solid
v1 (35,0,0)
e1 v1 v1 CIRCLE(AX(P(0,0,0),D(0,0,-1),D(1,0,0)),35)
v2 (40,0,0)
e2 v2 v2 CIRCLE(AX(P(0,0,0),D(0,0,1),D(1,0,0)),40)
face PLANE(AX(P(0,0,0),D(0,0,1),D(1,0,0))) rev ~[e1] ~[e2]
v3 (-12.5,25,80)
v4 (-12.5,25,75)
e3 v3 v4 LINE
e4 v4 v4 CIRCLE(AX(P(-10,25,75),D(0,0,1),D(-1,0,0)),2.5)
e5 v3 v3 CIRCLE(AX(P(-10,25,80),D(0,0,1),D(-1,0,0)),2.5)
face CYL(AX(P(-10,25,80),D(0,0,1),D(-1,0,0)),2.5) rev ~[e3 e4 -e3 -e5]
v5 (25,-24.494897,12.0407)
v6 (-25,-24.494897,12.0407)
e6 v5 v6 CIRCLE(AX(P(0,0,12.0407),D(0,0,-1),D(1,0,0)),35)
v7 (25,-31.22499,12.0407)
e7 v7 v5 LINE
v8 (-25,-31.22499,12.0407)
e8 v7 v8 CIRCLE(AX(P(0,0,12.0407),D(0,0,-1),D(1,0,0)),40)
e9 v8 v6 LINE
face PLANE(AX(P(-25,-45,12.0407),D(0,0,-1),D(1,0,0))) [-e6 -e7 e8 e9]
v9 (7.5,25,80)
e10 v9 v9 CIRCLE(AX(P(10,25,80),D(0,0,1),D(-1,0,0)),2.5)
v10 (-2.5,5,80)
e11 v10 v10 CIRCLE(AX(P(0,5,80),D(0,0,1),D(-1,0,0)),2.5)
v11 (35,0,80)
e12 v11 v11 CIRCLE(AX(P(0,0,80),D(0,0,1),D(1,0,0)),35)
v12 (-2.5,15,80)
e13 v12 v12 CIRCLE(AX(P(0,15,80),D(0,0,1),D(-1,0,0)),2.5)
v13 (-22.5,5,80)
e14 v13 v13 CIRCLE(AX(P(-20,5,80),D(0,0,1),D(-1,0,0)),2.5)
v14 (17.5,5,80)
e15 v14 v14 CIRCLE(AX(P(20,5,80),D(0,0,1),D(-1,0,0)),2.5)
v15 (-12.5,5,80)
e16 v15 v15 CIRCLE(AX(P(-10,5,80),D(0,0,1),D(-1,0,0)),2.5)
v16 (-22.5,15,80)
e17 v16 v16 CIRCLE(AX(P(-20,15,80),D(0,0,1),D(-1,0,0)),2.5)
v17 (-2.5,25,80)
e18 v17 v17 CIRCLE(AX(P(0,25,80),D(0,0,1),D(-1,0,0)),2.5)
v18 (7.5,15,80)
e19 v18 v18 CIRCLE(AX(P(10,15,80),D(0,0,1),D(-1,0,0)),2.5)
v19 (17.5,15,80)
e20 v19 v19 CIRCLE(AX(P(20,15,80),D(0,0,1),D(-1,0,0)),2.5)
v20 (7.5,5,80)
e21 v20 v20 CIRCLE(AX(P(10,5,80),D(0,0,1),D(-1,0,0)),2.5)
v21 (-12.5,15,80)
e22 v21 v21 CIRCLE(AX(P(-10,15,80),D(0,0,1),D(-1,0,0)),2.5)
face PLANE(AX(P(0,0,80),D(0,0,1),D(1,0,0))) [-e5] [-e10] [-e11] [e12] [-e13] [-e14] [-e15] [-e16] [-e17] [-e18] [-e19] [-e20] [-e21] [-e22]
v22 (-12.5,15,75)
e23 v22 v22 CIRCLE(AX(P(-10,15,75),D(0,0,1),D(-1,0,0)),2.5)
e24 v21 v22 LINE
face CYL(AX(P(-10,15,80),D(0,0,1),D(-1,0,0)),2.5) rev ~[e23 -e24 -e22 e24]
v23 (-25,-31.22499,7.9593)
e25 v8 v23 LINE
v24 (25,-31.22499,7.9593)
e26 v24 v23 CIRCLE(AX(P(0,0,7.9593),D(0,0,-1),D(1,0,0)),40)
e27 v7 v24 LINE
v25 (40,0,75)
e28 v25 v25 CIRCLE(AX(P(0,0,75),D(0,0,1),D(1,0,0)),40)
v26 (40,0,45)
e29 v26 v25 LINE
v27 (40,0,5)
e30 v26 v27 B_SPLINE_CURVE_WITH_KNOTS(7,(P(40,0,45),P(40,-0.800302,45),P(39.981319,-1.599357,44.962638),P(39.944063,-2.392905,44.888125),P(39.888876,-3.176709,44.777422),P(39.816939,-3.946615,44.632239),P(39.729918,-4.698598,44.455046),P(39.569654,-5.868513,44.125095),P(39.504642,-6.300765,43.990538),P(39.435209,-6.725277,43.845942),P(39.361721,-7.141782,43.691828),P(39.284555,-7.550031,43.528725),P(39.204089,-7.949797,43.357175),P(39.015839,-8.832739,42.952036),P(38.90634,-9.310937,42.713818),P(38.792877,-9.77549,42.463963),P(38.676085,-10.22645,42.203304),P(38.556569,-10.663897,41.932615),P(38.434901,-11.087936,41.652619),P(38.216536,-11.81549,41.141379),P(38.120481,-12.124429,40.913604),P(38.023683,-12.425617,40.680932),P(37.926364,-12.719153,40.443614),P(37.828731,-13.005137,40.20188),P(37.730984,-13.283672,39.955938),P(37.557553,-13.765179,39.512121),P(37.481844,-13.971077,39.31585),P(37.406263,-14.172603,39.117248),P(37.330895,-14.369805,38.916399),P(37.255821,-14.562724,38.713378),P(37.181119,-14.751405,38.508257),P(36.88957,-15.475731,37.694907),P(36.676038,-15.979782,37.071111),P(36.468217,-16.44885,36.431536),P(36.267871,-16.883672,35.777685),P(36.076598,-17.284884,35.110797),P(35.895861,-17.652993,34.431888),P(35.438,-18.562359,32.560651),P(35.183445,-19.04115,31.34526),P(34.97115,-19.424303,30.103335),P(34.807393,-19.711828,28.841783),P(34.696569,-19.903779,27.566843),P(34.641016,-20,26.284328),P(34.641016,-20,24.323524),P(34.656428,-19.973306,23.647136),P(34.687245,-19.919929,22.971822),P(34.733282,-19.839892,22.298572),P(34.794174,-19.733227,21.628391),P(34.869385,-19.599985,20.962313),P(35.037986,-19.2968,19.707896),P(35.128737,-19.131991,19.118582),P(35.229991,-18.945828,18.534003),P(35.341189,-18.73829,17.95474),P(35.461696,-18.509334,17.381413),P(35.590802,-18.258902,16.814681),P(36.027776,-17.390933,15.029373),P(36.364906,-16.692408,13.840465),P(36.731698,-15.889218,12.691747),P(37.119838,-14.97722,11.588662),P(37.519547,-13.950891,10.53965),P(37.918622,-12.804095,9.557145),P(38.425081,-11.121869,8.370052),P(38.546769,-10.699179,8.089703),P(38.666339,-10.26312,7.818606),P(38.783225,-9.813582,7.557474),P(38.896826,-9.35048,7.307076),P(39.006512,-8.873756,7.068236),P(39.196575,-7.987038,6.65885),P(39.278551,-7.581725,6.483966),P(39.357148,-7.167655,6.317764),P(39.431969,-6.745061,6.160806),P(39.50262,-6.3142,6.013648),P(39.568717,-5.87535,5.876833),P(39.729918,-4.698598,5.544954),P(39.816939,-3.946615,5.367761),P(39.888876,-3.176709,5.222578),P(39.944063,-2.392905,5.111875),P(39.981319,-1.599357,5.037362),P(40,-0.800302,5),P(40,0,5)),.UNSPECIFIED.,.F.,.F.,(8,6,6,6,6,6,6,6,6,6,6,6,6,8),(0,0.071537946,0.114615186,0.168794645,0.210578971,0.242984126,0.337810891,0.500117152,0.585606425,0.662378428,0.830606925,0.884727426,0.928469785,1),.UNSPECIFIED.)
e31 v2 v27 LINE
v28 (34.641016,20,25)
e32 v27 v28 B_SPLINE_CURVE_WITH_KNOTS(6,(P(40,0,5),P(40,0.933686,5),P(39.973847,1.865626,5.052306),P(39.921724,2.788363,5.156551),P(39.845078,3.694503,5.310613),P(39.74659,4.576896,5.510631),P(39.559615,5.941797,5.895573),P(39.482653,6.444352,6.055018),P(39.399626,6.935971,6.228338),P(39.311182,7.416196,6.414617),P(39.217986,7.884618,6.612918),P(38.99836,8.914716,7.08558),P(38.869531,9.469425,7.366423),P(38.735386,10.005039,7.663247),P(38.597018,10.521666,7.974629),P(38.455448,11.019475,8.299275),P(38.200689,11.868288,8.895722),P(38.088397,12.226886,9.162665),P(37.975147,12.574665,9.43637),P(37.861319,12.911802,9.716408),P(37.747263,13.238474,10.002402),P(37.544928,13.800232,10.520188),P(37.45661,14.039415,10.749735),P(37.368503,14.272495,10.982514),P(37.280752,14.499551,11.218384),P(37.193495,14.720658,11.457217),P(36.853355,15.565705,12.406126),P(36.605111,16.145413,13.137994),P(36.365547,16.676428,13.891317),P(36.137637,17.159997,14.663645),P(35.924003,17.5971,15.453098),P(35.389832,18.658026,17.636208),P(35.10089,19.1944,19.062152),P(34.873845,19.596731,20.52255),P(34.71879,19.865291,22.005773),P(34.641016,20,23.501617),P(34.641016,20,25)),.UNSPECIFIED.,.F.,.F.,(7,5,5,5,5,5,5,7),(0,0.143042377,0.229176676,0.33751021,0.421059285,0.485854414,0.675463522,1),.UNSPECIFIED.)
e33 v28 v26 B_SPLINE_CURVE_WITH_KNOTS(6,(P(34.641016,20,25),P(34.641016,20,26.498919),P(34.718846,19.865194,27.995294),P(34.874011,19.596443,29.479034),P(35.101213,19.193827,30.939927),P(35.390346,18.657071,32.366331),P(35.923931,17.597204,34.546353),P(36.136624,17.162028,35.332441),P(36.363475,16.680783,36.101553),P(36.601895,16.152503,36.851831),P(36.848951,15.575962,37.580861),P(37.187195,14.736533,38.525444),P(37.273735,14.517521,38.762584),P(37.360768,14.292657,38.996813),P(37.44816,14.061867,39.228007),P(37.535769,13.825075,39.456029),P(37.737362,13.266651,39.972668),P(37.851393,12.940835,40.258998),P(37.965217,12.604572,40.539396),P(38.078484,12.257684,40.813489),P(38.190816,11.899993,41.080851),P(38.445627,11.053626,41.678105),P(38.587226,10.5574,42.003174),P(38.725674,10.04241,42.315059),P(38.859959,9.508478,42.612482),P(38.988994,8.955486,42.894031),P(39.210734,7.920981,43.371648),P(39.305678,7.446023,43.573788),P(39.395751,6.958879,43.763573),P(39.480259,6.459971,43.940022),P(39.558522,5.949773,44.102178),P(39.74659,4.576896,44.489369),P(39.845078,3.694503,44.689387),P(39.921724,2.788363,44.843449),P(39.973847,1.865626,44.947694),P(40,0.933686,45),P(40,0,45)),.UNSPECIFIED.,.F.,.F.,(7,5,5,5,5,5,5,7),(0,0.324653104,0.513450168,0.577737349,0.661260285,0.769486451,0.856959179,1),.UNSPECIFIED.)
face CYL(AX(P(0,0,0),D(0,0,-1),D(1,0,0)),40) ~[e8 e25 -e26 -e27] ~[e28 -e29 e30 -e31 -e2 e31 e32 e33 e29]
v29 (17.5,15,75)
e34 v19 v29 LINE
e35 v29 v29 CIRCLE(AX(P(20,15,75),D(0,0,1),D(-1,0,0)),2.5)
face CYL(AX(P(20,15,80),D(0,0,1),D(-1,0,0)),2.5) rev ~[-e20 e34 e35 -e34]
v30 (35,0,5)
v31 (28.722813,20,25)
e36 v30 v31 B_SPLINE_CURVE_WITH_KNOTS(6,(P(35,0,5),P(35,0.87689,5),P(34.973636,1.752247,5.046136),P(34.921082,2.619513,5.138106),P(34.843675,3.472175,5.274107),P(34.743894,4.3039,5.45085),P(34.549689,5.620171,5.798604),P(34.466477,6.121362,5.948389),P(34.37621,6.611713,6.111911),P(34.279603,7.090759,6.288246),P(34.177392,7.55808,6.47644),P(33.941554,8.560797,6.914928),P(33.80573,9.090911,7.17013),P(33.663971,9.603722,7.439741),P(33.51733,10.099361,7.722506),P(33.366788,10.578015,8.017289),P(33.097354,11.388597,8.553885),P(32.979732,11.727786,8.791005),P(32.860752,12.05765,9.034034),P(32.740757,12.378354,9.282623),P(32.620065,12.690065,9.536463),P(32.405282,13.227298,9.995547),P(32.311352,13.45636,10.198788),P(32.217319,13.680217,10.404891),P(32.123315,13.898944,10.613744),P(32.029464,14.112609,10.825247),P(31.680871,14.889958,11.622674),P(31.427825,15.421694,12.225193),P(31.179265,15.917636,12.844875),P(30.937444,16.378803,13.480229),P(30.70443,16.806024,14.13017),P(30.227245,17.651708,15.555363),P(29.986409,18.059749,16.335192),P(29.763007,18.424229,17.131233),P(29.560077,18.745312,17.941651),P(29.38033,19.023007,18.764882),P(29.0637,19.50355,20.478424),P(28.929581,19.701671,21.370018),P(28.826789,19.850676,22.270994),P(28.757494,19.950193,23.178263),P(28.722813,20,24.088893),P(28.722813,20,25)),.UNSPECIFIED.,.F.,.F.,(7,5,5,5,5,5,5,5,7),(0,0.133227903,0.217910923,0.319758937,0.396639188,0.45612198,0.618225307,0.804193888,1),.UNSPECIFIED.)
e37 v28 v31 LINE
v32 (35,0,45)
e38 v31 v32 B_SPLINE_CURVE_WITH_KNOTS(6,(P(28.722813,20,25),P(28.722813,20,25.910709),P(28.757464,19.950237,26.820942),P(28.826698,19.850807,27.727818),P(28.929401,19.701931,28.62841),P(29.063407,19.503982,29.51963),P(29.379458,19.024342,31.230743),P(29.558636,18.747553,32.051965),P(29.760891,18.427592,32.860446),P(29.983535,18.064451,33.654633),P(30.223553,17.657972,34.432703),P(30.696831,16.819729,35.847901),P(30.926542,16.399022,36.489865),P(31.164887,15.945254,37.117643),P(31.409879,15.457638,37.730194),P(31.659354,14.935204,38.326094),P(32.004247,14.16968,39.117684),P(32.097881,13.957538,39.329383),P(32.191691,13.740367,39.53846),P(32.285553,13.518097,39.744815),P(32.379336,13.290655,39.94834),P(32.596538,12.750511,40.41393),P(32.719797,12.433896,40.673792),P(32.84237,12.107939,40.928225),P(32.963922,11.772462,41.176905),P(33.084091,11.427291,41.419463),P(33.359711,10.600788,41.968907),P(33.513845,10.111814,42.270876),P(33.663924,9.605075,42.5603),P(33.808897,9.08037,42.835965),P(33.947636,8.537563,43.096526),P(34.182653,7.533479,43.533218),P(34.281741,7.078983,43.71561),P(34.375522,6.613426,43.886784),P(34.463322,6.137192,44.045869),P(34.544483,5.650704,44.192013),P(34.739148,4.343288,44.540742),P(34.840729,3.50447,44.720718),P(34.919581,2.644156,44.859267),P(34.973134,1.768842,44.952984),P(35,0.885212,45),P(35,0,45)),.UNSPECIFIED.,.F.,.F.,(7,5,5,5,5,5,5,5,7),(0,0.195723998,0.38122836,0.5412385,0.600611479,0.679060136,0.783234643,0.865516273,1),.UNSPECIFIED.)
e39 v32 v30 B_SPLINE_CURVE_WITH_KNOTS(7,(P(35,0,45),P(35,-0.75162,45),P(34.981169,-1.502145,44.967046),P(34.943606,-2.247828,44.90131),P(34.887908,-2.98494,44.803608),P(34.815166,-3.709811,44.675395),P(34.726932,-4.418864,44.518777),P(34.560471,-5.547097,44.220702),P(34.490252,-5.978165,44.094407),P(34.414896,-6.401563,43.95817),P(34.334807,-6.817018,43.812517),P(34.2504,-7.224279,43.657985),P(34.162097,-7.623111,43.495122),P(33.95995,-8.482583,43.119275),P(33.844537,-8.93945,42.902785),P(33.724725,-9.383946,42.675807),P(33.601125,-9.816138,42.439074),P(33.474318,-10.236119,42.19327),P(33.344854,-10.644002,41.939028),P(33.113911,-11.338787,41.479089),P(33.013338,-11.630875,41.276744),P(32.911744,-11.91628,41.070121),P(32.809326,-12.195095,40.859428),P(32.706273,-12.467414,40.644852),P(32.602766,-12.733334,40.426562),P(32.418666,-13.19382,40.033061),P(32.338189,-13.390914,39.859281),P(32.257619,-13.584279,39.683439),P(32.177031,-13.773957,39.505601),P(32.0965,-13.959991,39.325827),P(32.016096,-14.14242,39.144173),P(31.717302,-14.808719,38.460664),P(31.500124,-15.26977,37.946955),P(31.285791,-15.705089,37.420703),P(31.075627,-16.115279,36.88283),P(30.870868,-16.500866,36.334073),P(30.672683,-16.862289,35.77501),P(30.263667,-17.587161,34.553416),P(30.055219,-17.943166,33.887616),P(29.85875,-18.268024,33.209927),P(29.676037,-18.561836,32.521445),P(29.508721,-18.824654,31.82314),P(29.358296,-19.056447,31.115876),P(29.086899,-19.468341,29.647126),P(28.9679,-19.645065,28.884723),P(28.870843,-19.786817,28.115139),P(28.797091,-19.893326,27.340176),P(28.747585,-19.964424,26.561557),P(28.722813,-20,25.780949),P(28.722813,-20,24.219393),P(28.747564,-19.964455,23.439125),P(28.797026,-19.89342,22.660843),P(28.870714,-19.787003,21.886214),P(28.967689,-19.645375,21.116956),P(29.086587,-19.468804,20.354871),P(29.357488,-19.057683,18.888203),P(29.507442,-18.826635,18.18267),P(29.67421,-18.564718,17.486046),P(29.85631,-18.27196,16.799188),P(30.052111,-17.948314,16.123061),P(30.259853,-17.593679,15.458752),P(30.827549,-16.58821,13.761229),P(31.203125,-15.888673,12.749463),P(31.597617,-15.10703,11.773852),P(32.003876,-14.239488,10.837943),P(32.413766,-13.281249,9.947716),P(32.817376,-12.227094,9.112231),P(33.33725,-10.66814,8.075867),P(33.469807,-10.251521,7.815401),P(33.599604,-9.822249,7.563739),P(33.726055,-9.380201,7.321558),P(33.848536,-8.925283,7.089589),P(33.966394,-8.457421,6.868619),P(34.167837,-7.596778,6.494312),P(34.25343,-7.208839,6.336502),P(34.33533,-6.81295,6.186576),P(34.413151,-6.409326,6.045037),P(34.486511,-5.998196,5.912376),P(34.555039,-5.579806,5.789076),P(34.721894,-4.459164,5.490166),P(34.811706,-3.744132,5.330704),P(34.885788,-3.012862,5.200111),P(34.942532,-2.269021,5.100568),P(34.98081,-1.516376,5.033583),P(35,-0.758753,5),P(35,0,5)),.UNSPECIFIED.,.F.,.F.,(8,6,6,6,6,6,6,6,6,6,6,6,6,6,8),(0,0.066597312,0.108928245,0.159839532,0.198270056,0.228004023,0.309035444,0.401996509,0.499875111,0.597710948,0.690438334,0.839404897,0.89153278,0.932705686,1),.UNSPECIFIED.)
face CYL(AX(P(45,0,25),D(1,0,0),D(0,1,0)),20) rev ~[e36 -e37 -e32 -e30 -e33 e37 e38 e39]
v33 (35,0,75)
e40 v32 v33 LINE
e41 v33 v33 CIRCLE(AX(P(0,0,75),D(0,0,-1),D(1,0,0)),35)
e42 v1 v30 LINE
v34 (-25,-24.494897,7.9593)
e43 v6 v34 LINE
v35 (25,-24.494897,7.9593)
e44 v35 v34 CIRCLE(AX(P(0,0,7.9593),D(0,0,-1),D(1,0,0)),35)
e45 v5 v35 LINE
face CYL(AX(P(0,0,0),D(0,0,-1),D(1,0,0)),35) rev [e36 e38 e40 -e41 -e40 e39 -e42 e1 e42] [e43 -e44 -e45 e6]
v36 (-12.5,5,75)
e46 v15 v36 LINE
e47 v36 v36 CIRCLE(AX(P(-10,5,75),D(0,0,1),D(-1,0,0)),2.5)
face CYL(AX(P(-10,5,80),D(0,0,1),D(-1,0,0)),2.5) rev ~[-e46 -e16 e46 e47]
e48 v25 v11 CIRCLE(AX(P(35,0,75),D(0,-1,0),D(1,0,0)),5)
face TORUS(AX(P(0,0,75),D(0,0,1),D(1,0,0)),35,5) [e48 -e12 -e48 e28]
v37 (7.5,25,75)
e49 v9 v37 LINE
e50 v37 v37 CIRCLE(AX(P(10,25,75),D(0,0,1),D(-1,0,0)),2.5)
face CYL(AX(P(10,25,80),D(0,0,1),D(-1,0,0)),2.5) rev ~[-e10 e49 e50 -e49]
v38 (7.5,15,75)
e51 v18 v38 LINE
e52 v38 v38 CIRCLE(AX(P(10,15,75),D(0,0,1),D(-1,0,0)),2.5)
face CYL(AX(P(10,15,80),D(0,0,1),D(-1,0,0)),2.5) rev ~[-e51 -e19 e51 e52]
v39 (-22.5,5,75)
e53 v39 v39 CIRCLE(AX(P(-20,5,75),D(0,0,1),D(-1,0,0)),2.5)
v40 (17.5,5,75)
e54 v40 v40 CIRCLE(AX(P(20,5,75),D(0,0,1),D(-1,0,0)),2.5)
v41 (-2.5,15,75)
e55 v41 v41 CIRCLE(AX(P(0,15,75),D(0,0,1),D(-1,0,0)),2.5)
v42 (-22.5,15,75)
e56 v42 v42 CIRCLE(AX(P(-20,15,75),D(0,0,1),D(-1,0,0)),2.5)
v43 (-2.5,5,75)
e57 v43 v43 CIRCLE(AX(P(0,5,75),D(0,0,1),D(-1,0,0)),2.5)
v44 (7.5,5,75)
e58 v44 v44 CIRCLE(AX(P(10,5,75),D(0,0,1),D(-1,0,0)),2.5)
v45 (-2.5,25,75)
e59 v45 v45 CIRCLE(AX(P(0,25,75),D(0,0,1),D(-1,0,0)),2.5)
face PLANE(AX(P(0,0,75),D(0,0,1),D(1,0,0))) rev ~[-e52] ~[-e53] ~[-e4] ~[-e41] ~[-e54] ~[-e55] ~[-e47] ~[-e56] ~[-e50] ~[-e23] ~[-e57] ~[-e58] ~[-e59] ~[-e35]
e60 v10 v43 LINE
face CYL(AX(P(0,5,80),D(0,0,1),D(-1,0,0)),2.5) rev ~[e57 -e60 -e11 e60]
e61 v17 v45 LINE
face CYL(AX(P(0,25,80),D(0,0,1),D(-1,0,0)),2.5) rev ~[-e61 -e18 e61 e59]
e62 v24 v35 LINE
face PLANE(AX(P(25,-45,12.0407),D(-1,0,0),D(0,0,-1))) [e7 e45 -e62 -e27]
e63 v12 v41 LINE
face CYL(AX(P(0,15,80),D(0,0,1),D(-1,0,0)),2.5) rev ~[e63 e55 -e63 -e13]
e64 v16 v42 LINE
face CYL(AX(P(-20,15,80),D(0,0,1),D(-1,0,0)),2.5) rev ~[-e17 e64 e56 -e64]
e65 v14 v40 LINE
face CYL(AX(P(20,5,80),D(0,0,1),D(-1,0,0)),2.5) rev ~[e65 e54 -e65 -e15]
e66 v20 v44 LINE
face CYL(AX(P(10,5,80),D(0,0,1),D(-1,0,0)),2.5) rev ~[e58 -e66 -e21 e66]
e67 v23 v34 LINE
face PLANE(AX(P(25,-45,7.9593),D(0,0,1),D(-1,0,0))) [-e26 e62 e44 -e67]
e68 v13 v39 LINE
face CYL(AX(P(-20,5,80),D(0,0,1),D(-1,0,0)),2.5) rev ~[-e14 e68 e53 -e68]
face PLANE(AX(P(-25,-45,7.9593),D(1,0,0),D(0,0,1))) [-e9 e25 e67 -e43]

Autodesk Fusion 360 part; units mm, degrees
sketch "スケッチ1" plane through (0, 0, 0) normal (0, 0, 1) x (1, 0, 0)
  circle A0 centre (0, 0) radius 40
extrude "押し出し1" add sketch "スケッチ1" along normal blind 80
shell "シェル1" thickness 5 removed faces 1 at (9.4847, -14.2223, 0)
fillet "フィレット1" radius 5 1 edges at (-37.2931, -14.4646, 80)
ref_plane "作業平面1" through (45, 0, 0) normal (1, 0, 0) x (0, 1, 0)
sketch "スケッチ2" plane through (45, 0, 0) normal (1, 0, 0) x (0, 1, 0)
  circle A0 centre (0, 25) radius 20
extrude "押し出し2" cut sketch "スケッチ2" against normal blind 25
sketch "スケッチ3" plane through (0, 0, 80) normal (0, 0, 1) x (-1, 0, 0)
  circle A0 centre (0, 0) radius 35
  circle A1 centre (10, -25) radius 2.5
  circle A2 centre (0, -25) radius 2.5
  circle A3 centre (-10, -25) radius 2.5
  circle A4 centre (10, -15) radius 2.5
  circle A5 centre (0, -15) radius 2.5
  circle A6 centre (-10, -15) radius 2.5
  circle A7 centre (-20, -15) radius 2.5
  circle A8 centre (20, -15) radius 2.5
  circle A9 centre (0, -5) radius 2.5
  circle A10 centre (-10, -5) radius 2.5
  circle A11 centre (-20, -5) radius 2.5
  circle A12 centre (10, -5) radius 2.5
  circle A13 centre (20, -5) radius 2.5
  dimension "d9" = 5
  dimension "d10" = 5
  dimension "d11" = 5
  dimension "d12" = 5
  dimension "d13" = 5
  dimension "d14" = 5
  dimension "d15" = 5
  dimension "d16" = 5
  dimension "d17" = 5
  dimension "d18" = 5
  dimension "d19" = 5
  dimension "d20" = 5
  dimension "d21" = 5
extrude "押し出し3" cut sketch "スケッチ3" against normal blind 8 contours A1 | A2 | A3 | A4 | A5 | A6 | A7 | A8 | A9 | A10 | A11 | A12 | A13
ref_plane "作業平面2" through (0, -45, 0) normal (0, 1, 0) x (0, 0, 1)
sketch "スケッチ4" plane through (0, -45, 0) normal (0, 1, 0) x (1, 0, 0)
  line L0 (-25, -12.0407) -> (25, -12.0407)
  line L1 (25, -12.0407) -> (25, -7.9593)
  line L2 (25, -7.9593) -> (-25, -7.9593)
  line L3 (-25, -7.9593) -> (-25, -12.0407)
  line L4 (-25, -12.0407) -> (25, -7.9593) construction
  line L5 (25, -12.0407) -> (-25, -7.9593) construction
  point P0 (0, -10)
  dimension "d25" = 50
extrude "押し出し4" cut sketch "スケッチ4" along normal blind 30
